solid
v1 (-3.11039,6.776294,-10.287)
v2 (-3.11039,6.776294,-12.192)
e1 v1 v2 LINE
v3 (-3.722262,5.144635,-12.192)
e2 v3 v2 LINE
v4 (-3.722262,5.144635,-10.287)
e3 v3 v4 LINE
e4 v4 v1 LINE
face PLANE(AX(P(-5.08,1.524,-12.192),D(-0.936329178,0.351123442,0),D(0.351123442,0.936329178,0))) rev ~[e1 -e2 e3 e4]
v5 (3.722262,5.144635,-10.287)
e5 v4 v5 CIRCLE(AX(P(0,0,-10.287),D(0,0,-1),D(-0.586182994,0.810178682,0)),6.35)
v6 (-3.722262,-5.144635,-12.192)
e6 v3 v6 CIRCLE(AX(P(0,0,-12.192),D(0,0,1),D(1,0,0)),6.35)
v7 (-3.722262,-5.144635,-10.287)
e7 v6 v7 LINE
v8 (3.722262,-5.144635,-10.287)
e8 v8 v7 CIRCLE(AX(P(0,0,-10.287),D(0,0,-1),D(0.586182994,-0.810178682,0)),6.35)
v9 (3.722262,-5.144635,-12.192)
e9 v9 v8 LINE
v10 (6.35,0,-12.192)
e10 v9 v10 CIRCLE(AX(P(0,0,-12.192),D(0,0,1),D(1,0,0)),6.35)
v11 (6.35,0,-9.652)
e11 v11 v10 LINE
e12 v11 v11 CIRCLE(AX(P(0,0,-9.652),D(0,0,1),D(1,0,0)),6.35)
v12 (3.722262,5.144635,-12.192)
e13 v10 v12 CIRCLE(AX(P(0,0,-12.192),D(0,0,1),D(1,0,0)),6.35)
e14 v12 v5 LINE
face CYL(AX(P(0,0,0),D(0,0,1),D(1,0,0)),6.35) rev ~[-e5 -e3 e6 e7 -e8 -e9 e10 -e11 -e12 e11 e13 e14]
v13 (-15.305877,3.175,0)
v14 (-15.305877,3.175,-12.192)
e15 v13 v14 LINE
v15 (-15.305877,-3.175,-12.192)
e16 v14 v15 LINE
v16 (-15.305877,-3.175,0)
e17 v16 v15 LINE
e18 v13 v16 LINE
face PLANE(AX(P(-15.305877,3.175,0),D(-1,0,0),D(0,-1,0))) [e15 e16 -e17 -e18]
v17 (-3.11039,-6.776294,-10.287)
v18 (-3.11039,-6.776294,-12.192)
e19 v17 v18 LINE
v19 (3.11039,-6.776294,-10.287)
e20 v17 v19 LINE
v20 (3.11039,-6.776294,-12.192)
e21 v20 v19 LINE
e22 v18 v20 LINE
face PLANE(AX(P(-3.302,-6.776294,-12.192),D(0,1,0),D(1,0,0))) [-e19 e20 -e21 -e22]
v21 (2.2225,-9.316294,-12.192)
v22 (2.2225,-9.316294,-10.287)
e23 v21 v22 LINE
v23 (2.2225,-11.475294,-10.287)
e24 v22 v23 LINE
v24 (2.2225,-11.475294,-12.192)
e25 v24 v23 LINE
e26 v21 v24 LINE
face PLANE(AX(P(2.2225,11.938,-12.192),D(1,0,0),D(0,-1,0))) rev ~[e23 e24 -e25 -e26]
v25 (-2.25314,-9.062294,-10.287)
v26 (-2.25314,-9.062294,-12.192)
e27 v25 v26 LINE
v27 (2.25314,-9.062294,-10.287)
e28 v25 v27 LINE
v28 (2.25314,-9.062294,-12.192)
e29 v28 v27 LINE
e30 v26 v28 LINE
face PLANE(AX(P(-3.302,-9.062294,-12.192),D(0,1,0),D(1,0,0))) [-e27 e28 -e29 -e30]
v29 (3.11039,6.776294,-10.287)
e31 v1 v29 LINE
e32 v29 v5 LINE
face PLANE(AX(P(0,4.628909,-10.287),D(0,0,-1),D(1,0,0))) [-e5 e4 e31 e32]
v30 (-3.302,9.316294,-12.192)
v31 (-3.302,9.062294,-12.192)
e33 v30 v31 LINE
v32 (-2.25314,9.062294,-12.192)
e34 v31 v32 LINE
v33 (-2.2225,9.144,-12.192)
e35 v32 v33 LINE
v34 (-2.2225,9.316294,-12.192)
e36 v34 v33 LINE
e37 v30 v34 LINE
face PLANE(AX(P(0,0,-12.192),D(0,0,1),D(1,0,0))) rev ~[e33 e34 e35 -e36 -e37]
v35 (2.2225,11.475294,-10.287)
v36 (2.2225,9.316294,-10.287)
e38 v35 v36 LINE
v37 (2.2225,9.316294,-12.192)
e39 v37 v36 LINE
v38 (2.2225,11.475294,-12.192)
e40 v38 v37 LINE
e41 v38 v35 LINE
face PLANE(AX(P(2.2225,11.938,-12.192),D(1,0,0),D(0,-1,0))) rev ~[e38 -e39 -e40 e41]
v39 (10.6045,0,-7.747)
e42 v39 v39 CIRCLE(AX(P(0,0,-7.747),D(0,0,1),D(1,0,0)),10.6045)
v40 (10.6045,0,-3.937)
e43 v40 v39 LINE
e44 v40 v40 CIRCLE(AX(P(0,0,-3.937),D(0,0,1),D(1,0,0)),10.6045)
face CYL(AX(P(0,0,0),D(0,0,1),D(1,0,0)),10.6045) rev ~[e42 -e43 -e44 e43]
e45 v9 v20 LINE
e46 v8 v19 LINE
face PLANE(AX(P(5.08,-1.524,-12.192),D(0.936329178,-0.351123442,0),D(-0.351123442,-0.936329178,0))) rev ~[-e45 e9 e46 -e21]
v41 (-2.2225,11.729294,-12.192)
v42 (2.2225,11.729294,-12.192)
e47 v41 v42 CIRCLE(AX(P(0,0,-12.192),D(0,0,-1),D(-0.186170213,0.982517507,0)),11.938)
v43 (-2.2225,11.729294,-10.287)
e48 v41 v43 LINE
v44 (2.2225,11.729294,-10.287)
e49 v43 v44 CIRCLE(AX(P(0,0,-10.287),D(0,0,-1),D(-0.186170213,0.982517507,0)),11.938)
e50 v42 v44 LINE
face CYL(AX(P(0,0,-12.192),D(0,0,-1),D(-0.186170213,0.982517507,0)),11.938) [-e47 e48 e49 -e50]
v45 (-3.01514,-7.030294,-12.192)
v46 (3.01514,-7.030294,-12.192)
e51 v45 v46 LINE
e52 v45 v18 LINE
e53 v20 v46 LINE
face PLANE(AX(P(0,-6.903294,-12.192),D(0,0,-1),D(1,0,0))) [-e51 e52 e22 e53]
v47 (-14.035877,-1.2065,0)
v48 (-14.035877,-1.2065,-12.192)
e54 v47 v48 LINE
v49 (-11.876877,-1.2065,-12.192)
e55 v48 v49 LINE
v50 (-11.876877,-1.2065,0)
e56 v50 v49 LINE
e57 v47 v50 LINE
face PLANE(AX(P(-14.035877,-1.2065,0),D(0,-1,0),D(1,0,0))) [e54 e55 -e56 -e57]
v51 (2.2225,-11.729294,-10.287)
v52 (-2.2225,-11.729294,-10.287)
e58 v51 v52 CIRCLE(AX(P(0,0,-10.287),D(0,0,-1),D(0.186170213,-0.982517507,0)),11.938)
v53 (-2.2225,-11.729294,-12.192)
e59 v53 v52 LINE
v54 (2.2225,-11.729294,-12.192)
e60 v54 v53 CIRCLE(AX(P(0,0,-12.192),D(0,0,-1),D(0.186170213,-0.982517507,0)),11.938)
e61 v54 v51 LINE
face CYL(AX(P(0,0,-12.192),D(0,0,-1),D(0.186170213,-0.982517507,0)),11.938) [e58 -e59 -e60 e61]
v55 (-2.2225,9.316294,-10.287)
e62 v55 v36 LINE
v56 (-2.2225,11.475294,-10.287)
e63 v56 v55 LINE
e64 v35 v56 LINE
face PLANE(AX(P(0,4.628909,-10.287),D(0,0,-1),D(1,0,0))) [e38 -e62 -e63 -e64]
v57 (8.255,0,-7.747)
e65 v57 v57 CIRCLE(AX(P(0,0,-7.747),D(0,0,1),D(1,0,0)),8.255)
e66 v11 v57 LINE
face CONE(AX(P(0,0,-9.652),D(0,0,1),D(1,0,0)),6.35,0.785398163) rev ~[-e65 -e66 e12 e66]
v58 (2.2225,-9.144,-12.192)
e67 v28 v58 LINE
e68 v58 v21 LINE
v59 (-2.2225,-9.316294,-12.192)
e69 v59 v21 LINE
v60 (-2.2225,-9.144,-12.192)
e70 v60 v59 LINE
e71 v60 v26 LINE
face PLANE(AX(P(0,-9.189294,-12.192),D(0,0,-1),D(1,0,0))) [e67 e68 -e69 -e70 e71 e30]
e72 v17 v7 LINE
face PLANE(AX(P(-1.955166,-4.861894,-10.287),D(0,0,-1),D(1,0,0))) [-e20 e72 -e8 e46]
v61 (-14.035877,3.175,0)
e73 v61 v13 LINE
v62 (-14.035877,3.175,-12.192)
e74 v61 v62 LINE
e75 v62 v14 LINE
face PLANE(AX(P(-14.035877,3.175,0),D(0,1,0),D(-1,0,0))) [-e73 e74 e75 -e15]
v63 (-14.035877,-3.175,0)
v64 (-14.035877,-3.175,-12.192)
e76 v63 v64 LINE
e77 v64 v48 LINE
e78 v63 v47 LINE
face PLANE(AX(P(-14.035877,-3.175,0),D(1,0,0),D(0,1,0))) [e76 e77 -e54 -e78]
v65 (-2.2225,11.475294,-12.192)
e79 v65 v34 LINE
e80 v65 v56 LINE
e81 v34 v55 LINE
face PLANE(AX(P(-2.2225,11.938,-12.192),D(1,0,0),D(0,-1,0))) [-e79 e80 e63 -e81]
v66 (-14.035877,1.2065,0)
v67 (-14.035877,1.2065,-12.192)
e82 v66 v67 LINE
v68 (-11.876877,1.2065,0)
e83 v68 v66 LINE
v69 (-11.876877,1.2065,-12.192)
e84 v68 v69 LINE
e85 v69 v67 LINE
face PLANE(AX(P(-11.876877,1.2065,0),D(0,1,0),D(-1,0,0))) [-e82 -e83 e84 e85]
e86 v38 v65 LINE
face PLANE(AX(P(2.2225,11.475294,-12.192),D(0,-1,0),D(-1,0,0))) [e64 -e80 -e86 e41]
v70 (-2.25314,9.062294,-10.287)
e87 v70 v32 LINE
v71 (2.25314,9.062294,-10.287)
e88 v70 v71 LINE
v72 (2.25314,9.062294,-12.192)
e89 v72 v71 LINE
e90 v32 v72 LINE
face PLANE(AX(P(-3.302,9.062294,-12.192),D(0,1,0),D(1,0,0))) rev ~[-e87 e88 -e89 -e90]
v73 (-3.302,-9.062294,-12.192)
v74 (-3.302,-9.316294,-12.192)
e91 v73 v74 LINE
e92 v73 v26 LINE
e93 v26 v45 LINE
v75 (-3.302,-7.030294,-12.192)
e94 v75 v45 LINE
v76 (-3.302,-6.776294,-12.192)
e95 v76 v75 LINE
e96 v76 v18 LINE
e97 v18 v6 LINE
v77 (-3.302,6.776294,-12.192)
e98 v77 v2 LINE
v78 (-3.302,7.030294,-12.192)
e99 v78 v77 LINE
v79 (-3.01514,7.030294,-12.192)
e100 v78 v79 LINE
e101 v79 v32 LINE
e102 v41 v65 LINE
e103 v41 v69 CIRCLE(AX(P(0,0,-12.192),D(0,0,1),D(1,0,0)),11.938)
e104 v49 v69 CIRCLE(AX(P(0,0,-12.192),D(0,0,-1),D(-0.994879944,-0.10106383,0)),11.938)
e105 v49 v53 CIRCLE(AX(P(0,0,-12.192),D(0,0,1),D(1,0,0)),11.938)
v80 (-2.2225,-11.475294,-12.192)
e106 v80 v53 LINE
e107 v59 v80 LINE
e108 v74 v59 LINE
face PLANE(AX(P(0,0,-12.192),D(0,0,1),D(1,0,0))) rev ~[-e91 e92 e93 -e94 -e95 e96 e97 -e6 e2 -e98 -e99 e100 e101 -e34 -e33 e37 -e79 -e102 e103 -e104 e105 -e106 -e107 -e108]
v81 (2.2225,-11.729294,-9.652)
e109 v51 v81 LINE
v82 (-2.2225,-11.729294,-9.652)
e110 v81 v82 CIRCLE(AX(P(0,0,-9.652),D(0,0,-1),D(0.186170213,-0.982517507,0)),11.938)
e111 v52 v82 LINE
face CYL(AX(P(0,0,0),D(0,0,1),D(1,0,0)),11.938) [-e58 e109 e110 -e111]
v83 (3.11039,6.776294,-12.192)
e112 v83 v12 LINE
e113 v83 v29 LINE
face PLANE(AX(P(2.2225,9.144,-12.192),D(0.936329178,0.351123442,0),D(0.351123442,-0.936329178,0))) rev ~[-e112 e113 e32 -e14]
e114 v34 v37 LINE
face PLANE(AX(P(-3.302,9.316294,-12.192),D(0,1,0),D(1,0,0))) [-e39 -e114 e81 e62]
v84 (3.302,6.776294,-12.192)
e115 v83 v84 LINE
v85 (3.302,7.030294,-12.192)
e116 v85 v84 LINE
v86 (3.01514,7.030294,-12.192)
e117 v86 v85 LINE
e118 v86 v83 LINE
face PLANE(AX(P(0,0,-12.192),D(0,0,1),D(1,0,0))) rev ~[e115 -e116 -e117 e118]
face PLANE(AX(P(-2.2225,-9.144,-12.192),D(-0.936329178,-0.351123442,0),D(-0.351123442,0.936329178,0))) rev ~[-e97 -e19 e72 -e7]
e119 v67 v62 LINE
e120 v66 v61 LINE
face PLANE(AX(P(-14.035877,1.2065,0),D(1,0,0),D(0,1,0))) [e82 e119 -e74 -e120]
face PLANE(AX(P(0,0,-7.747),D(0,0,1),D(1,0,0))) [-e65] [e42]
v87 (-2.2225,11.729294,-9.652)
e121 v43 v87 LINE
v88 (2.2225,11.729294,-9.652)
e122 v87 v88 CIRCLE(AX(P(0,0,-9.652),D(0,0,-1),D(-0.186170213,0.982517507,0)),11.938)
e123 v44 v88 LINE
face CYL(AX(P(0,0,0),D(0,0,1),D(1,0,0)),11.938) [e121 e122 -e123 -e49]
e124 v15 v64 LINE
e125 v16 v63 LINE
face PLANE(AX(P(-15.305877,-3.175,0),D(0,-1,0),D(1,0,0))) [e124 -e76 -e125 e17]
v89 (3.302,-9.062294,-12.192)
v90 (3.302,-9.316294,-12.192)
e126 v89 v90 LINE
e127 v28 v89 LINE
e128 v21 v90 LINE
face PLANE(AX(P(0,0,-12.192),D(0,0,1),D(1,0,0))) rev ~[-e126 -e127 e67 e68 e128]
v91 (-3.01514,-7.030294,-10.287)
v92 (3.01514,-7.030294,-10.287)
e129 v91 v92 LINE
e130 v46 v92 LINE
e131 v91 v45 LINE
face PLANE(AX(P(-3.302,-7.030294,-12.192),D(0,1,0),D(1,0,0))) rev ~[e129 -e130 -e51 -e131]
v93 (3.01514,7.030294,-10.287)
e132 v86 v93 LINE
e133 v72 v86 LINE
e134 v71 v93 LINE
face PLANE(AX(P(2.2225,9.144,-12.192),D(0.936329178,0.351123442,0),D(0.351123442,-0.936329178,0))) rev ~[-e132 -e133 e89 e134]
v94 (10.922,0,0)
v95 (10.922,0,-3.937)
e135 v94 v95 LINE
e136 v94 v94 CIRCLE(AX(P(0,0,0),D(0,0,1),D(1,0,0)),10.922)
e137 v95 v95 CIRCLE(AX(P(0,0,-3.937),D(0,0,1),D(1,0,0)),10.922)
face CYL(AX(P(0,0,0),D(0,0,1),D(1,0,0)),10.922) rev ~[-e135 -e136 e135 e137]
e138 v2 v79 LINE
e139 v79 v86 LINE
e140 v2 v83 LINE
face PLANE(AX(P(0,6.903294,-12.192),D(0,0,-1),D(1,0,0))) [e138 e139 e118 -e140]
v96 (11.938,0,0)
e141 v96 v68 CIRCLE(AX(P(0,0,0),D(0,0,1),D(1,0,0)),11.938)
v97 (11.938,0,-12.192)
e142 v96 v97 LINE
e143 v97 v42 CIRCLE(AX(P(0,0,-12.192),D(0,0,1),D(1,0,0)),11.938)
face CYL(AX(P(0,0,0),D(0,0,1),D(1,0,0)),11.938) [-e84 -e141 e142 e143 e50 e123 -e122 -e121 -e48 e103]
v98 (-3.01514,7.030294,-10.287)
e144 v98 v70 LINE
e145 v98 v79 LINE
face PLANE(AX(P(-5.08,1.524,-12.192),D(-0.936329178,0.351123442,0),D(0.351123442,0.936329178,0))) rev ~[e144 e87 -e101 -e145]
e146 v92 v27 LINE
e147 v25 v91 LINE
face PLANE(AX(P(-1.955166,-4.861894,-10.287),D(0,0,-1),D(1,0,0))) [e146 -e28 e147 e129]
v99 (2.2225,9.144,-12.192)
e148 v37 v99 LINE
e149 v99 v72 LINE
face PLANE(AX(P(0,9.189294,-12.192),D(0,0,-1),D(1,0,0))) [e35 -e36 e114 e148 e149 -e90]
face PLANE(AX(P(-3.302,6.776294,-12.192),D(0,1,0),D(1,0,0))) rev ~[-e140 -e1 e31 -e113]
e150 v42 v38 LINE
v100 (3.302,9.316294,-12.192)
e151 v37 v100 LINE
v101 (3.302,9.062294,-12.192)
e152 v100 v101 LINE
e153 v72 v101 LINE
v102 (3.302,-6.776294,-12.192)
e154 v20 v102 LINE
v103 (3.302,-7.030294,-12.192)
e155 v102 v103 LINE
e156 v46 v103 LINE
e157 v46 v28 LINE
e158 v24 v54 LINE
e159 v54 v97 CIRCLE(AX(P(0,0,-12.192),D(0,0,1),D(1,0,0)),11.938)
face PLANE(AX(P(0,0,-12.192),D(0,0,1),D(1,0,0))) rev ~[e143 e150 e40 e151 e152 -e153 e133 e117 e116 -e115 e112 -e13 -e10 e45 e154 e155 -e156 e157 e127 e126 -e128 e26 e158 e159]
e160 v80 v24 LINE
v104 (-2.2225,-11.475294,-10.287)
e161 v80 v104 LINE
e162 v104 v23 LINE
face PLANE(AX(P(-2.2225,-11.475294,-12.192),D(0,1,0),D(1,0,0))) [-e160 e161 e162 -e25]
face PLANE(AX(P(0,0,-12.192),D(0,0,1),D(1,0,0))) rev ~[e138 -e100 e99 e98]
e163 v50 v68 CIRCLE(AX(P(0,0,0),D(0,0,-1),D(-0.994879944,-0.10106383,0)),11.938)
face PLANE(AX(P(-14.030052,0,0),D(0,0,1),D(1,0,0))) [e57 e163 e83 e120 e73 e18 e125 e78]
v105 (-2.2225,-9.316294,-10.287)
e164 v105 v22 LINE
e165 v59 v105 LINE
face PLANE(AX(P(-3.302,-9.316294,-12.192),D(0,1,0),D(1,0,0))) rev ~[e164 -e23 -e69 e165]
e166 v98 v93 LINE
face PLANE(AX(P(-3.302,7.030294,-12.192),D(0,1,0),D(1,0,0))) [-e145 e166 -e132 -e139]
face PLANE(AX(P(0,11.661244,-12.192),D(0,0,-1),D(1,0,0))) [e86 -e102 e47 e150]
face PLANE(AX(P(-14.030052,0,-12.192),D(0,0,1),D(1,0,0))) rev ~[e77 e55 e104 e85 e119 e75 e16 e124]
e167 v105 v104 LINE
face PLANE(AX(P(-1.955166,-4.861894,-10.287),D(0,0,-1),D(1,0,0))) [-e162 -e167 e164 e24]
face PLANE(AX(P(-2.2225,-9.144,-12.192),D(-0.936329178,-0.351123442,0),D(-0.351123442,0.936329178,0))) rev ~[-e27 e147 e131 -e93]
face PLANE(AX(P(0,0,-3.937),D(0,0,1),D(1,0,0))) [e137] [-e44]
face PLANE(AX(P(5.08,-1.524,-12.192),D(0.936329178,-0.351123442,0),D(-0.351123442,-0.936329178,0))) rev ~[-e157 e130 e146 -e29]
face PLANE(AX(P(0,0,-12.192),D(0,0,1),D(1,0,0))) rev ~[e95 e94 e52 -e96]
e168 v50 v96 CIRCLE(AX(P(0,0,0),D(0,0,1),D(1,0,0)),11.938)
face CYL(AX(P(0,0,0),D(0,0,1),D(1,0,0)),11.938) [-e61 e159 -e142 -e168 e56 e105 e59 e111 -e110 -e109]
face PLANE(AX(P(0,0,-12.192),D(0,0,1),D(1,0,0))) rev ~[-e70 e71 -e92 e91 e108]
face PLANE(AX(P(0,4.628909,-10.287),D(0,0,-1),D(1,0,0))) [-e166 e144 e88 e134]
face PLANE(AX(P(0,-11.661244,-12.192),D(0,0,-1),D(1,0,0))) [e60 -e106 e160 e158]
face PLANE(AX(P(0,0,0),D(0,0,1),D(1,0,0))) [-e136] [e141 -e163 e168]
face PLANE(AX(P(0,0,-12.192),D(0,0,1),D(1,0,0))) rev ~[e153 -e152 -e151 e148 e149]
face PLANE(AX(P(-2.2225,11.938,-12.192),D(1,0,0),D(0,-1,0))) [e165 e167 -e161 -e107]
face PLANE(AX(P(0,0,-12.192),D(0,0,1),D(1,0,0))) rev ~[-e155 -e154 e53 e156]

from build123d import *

# Parameters (mm, degrees)
F0_R      = 11.938
F1_DEPTH  = 12.192
F2_R      = 6.35
F3_DEPTH  = 12.193
F4_R      = 10.6045
F5_DEPTH  = 7.747
F6_SIZE   = 1.905
F7_R      = 10.922
F8_DEPTH  = 3.937
F9_W      = 4.445
F9_H      = 23.876
F10_DEPTH = 1.905
F13_DEPTH = 1.905
F14_W     = 6.604
F14_H     = 0.254
F15_DEPTH = 2.54
F17_DEPTH = 12.192


with BuildPart() as f1:
    # F0 (on Top) → F1 (new body)
    with BuildSketch(Plane.XY):
        Circle(F0_R)
    extrude(amount=-F1_DEPTH)

    # F2 (on face) → F3 (cut, through all)
    with BuildSketch(Plane.XY):
        Circle(F2_R)
    extrude(amount=-F3_DEPTH, mode=Mode.SUBTRACT)

    # F4 (on face) → F5 (cut)
    with BuildSketch(Plane.XY):
        Circle(F4_R)
    extrude(amount=-F5_DEPTH, mode=Mode.SUBTRACT)

    # F6
    f6_edges = [f1.edges().sort_by_distance(p)[0] for p in [
        (-6.35, 0, -7.747),
    ]]
    chamfer(f6_edges, length=F6_SIZE)

    # F7 (on Top) → F8 (cut)
    with BuildSketch(Plane.XY):
        Circle(F7_R)
    extrude(amount=-F8_DEPTH, mode=Mode.SUBTRACT)

    # F9 (on face) → F10 (cut)
    with BuildSketch(Plane(origin=(0, 0, -12.192), x_dir=(1, 0, 0), z_dir=(0, 0, -1))):
        Rectangle(F9_W, F9_H)
    extrude(amount=-F10_DEPTH, mode=Mode.SUBTRACT)

    # F12 (on offset) → F13 (cut)
    with BuildSketch(Plane(origin=(0, 0, -12.192), x_dir=(1, 0, 0), z_dir=(0, 0, -1))):
        Polygon((0, 9.144), (-2.2225, 9.144), (-5.08, 1.524), (0, 1.524), align=None)
        Polygon((2.2225, 9.144), (0, 9.144), (0, 1.524), (5.08, 1.524), align=None)
        Polygon((0, -9.144), (2.2225, -9.144), (5.08, -1.524), (0, -1.524), (-5.08, -1.524), (-2.2225, -9.144), align=None)
    extrude(amount=-F13_DEPTH, mode=Mode.SUBTRACT)

    # F14 (on offset) → F15 (join)
    with BuildSketch(Plane(origin=(0, 0, -12.192), x_dir=(1, 0, 0), z_dir=(0, 0, -1))):
        with BuildLine():
            ThreePointArc((2.2225, 11.7292940005), (0, 11.938), (-2.2225, 11.7292940005))
            Line((-2.2225, 11.7292940005), (-2.2225, 11.4752940005))
            Line((-2.2225, 11.4752940005), (2.2225, 11.4752940005))
            Line((2.2225, 11.4752940005), (2.2225, 11.7292940005))
        make_face()
        with Locations((0, 9.1892940005)):
            Rectangle(F14_W, F14_H)
        with Locations((0, 6.9032940005)):
            Rectangle(F14_W, F14_H)
        with Locations((0, -6.9032940005)):
            Rectangle(F14_W, F14_H)
        with Locations((0, -9.1892940005)):
            Rectangle(F14_W, F14_H)
        with BuildLine():
            ThreePointArc((-2.2225, -11.7292940005), (0, -11.938), (2.2225, -11.7292940005))
            Line((2.2225, -11.7292940005), (2.2225, -11.4752940005))
            Line((2.2225, -11.4752940005), (-2.2225, -11.4752940005))
            Line((-2.2225, -11.4752940005), (-2.2225, -11.7292940005))
        make_face()
    extrude(amount=-F15_DEPTH)

    # F16 (on Top) → F17 (join)
    with BuildSketch(Plane.XY):
        with BuildLine():
            ThreePointArc((-11.8768767675, -1.2065), (-11.938, 0), (-11.8768767675, 1.2065))
            Line((-11.8768767675, 1.2065), (-14.0358767675, 1.2065))
            Line((-14.0358767675, 1.2065), (-14.0358767675, 3.175))
            Line((-14.0358767675, 3.175), (-15.3058767675, 3.175))
            Line((-15.3058767675, 3.175), (-15.3058767675, 0))
            Line((-15.3058767675, 0), (-15.3058767675, -3.175))
            Line((-15.3058767675, -3.175), (-14.0358767675, -3.175))
            Line((-14.0358767675, -3.175), (-14.0358767675, -1.2065))
            Line((-14.0358767675, -1.2065), (-11.8768767675, -1.2065))
        make_face()
    extrude(amount=-F17_DEPTH)


solid = f1.part
